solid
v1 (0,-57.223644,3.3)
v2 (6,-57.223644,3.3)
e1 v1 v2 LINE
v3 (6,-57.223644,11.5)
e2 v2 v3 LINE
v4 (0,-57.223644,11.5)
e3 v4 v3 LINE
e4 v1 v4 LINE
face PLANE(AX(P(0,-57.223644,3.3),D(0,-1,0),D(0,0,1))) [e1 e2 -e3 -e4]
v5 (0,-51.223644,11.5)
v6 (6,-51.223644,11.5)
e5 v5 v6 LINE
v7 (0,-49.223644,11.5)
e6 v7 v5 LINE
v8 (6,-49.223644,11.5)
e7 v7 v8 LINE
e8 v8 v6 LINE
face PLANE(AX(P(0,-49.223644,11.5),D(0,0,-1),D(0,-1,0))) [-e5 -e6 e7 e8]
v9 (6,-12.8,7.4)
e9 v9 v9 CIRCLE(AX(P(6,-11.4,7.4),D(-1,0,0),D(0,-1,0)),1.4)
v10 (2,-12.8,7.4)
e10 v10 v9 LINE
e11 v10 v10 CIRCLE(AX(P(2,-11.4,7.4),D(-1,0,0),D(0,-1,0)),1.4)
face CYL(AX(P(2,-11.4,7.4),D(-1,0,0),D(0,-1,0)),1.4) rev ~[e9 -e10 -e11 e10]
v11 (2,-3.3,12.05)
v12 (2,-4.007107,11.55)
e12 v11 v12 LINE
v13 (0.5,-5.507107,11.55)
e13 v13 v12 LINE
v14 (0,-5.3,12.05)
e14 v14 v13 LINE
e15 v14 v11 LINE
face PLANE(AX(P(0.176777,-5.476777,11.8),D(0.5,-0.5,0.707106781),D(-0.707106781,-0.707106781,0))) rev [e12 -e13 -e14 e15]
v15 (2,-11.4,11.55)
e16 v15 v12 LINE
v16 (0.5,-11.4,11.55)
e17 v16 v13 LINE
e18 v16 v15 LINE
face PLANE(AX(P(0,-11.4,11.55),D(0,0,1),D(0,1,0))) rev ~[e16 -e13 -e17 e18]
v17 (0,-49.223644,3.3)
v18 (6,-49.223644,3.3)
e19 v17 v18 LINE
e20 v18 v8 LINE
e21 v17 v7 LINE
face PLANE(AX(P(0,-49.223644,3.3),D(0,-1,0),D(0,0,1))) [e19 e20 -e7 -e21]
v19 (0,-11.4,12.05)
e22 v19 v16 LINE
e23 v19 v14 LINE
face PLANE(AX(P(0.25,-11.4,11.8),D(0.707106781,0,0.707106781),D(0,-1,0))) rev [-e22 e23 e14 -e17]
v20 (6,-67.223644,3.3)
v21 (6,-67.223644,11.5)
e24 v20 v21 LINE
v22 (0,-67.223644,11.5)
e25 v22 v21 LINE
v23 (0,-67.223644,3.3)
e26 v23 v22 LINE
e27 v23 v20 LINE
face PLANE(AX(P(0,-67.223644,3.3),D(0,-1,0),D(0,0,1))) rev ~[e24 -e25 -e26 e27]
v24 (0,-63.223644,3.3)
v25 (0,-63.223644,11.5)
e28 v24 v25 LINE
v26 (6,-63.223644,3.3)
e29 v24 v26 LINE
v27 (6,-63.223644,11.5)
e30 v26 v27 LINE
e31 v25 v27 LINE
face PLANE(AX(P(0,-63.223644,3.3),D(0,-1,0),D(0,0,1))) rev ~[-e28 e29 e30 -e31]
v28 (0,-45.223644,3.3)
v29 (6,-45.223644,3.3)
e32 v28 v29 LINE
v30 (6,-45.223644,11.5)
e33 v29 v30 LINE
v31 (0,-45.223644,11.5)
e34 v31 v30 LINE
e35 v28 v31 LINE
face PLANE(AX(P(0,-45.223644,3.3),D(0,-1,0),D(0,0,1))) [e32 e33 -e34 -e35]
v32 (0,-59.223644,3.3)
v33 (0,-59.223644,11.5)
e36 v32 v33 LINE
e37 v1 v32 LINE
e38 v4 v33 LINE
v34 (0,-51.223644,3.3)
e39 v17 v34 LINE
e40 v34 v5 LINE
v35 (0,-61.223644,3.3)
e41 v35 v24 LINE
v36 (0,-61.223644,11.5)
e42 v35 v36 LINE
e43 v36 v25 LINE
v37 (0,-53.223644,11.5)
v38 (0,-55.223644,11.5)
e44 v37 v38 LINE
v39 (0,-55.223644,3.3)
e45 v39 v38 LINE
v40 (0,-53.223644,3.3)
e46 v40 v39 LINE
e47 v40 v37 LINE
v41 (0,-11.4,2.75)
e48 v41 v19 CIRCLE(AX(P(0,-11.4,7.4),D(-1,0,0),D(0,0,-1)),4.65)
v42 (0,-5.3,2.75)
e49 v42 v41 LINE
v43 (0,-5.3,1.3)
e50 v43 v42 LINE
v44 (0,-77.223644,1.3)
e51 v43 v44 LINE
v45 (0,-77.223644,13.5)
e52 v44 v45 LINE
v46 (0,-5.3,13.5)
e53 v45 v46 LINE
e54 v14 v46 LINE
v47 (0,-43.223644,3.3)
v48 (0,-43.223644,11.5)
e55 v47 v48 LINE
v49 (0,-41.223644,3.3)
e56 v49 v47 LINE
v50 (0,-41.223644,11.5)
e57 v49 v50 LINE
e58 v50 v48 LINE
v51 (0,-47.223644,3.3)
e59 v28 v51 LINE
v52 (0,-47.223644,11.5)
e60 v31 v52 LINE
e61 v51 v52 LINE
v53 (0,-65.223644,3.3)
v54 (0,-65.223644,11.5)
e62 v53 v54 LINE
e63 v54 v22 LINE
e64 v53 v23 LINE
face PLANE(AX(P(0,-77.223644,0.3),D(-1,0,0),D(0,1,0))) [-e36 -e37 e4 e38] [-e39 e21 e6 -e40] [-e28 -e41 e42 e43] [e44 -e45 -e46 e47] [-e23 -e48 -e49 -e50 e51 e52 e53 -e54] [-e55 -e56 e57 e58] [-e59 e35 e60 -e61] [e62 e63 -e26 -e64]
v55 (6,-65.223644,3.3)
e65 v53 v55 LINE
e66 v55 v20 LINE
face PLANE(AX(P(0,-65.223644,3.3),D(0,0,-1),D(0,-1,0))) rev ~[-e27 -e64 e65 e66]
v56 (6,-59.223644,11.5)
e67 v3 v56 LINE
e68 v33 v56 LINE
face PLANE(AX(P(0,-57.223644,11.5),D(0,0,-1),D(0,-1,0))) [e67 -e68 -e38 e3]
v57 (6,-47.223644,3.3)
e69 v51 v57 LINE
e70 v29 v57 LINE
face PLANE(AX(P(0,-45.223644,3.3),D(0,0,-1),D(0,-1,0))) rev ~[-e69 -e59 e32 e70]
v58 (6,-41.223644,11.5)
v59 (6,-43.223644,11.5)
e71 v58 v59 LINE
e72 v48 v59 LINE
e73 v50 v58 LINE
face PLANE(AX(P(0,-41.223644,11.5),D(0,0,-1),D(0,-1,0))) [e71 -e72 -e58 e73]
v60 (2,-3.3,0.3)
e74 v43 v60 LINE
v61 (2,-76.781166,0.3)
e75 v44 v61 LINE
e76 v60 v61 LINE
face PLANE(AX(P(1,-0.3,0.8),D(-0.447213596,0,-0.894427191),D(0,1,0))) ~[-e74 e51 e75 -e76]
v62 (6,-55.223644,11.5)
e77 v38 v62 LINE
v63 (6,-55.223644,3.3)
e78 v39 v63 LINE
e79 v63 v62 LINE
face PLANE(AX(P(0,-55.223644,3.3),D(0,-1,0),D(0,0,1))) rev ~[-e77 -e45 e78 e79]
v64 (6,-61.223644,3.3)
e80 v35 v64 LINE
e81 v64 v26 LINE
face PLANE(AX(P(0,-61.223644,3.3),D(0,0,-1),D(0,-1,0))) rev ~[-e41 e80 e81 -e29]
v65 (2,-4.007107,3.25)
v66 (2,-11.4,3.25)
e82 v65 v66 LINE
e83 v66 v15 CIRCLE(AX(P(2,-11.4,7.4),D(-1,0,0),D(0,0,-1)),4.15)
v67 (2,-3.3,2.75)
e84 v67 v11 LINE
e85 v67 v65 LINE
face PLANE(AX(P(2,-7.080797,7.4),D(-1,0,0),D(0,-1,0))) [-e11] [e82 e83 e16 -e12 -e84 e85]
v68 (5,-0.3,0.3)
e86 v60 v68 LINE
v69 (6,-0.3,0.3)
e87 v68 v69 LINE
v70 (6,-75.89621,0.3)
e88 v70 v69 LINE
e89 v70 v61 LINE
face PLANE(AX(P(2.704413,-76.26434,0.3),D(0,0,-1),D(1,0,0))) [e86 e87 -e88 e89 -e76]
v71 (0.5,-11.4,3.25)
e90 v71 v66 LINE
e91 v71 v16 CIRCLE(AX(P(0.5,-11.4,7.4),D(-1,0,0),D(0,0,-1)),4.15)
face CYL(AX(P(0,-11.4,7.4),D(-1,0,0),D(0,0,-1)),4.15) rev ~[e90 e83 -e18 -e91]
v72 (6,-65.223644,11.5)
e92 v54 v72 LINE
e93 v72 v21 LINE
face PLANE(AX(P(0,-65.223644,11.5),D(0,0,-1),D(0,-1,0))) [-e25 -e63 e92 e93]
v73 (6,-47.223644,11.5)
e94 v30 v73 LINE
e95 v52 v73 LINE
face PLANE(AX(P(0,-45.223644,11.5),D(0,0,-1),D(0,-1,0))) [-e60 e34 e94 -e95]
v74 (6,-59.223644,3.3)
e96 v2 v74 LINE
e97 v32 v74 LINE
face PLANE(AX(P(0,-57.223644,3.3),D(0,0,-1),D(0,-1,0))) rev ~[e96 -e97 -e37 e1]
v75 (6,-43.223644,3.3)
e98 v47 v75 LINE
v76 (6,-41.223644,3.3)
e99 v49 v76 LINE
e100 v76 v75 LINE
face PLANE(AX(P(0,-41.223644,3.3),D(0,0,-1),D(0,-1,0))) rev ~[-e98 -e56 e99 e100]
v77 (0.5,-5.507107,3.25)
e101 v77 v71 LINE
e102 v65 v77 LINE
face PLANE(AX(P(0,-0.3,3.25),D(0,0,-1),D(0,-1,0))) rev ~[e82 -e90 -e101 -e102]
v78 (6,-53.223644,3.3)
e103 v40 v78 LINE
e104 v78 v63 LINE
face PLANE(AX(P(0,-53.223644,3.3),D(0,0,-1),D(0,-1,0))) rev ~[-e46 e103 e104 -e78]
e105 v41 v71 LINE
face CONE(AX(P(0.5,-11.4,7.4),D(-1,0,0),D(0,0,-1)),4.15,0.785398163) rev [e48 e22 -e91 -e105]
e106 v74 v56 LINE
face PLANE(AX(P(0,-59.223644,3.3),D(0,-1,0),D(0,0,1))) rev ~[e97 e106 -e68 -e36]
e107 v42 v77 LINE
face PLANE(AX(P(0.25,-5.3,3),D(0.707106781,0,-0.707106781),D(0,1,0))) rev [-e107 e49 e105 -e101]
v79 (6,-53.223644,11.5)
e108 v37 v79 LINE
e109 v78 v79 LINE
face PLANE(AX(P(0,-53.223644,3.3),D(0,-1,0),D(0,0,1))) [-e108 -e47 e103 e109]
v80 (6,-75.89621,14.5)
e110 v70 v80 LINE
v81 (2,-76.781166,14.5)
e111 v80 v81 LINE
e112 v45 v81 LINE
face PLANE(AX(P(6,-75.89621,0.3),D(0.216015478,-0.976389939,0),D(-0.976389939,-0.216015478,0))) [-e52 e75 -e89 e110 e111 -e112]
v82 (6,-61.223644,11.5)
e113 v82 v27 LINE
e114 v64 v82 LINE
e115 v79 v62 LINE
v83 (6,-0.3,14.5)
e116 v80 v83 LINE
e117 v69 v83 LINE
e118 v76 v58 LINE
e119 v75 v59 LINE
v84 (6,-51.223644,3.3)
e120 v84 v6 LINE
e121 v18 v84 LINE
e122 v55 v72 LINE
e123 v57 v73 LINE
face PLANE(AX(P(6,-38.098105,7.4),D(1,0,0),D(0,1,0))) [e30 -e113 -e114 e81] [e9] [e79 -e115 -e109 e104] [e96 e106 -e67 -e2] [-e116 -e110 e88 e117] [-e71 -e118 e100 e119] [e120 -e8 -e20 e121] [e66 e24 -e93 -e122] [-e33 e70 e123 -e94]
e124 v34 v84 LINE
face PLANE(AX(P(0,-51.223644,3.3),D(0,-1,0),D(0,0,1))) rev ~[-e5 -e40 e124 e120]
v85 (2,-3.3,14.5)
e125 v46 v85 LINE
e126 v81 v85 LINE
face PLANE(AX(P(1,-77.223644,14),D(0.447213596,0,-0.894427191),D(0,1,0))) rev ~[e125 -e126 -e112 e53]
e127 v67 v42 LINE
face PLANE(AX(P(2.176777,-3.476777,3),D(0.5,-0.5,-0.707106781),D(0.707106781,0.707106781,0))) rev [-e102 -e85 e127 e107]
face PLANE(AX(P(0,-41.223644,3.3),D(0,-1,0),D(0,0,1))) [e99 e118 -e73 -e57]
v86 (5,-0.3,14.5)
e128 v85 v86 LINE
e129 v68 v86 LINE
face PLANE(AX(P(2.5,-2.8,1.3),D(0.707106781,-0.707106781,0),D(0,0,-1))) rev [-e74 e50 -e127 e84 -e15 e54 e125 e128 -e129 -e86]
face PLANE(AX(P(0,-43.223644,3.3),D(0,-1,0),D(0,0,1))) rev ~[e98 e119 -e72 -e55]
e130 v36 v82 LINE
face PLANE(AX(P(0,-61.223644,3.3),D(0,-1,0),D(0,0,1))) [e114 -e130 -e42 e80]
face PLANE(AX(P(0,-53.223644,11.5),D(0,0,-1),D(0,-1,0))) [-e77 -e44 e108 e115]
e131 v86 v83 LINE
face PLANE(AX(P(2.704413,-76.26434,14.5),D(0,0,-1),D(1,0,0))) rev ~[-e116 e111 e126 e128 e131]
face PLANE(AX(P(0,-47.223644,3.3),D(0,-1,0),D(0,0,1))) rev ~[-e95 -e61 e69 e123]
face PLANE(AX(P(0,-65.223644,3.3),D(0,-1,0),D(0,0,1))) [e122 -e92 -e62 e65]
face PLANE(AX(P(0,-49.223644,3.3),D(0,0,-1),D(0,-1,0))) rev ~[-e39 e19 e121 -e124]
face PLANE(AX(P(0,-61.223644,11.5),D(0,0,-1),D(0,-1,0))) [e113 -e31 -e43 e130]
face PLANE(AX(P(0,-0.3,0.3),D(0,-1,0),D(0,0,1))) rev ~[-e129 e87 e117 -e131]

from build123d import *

# Parameters (mm, degrees)
F0_W      = 75.59621
F0_H      = 14.2
F1_DEPTH  = 6
F3_DEPTH  = 14.2
F4_SIZE2  = 2
F4_SIZE   = 1
F5_SIZE2  = 5
F5_SIZE   = 5
F6_W      = 2
F6_H      = 8.2
F7_DEPTH  = 6
F9_DEPTH  = 2
F10_SIZE  = 0.5
F11_R     = 1.4
F12_DEPTH = 4


with BuildPart() as f1:
    # F0 (on Right) → F1 (new body)
    with BuildSketch(Plane.YZ):
        with Locations((-38.098105, 7.4)):
            Rectangle(F0_W, F0_H)
    extrude(amount=F1_DEPTH)

    # F2 (on face) → F3 (join, through all)
    with BuildSketch(Plane(origin=(0, 0, 0.3), x_dir=(1, 0, 0), z_dir=(0, 0, -1))):
        Polygon((0, 77.2236436599), (0, 75.89621), (6, 75.89621), align=None)
    extrude(amount=-F3_DEPTH)

    # F4
    f4_edges = [f1.edges().sort_by_distance(p)[0] for p in [
        (0, -38.761822, 0.3),
        (0, -38.761822, 14.5),
    ]]
    chamfer(f4_edges, length=F4_SIZE, length2=F4_SIZE2)

    # F5
    f5_edges = [f1.edges().sort_by_distance(p)[0] for p in [
        (0, -0.3, 7.4),
    ]]
    chamfer(f5_edges, length=F5_SIZE, length2=F5_SIZE2)

    # F6 (on face) → F7 (cut, through all)
    with BuildSketch(Plane(origin=(0, 0, 0), x_dir=(0, -1, 0), z_dir=(-1, 0, 0))):
        with Locations((42.2236436599, 7.4)):
            Rectangle(F6_W, F6_H)
        with Locations((66.2236436599, 7.4)):
            Rectangle(F6_W, F6_H)
        with Locations((46.2236436599, 7.4)):
            Rectangle(F6_W, F6_H)
        with Locations((50.2236436599, 7.4)):
            Rectangle(F6_W, F6_H)
        with Locations((54.2236436599, 7.4)):
            Rectangle(F6_W, F6_H)
        with Locations((58.2236436599, 7.4)):
            Rectangle(F6_W, F6_H)
        with Locations((62.2236436599, 7.4)):
            Rectangle(F6_W, F6_H)
    extrude(amount=-F7_DEPTH, mode=Mode.SUBTRACT)

    # F8 (on face) → F9 (cut)
    with BuildSketch(Plane(origin=(0, 0, 0), x_dir=(0, -1, 0), z_dir=(-1, 0, 0))):
        with BuildLine():
            Line((0.3, 3.25), (11.4, 3.25))
            ThreePointArc((11.4, 3.25), (15.55, 7.4), (11.4, 11.55))
            Line((11.4, 11.55), (0.3, 11.55))
            Line((0.3, 11.55), (0.3, 3.25))
        make_face()
    extrude(amount=-F9_DEPTH, mode=Mode.SUBTRACT)

    # F10
    f10_edges = [f1.edges().sort_by_distance(p)[0] for p in [
        (1, -4.3, 11.55),
        (0, -8.35, 11.55),
        (1, -4.3, 3.25),
    ]]
    chamfer(f10_edges, length=F10_SIZE)

    # F11 (on face) → F12 (cut, through all)
    with BuildSketch(Plane(origin=(2, 0, 0), x_dir=(0, -1, 0), z_dir=(-1, 0, 0))):
        with Locations((11.4, 7.4)):
            Circle(F11_R)
    extrude(amount=-F12_DEPTH, mode=Mode.SUBTRACT)


solid = f1.part
